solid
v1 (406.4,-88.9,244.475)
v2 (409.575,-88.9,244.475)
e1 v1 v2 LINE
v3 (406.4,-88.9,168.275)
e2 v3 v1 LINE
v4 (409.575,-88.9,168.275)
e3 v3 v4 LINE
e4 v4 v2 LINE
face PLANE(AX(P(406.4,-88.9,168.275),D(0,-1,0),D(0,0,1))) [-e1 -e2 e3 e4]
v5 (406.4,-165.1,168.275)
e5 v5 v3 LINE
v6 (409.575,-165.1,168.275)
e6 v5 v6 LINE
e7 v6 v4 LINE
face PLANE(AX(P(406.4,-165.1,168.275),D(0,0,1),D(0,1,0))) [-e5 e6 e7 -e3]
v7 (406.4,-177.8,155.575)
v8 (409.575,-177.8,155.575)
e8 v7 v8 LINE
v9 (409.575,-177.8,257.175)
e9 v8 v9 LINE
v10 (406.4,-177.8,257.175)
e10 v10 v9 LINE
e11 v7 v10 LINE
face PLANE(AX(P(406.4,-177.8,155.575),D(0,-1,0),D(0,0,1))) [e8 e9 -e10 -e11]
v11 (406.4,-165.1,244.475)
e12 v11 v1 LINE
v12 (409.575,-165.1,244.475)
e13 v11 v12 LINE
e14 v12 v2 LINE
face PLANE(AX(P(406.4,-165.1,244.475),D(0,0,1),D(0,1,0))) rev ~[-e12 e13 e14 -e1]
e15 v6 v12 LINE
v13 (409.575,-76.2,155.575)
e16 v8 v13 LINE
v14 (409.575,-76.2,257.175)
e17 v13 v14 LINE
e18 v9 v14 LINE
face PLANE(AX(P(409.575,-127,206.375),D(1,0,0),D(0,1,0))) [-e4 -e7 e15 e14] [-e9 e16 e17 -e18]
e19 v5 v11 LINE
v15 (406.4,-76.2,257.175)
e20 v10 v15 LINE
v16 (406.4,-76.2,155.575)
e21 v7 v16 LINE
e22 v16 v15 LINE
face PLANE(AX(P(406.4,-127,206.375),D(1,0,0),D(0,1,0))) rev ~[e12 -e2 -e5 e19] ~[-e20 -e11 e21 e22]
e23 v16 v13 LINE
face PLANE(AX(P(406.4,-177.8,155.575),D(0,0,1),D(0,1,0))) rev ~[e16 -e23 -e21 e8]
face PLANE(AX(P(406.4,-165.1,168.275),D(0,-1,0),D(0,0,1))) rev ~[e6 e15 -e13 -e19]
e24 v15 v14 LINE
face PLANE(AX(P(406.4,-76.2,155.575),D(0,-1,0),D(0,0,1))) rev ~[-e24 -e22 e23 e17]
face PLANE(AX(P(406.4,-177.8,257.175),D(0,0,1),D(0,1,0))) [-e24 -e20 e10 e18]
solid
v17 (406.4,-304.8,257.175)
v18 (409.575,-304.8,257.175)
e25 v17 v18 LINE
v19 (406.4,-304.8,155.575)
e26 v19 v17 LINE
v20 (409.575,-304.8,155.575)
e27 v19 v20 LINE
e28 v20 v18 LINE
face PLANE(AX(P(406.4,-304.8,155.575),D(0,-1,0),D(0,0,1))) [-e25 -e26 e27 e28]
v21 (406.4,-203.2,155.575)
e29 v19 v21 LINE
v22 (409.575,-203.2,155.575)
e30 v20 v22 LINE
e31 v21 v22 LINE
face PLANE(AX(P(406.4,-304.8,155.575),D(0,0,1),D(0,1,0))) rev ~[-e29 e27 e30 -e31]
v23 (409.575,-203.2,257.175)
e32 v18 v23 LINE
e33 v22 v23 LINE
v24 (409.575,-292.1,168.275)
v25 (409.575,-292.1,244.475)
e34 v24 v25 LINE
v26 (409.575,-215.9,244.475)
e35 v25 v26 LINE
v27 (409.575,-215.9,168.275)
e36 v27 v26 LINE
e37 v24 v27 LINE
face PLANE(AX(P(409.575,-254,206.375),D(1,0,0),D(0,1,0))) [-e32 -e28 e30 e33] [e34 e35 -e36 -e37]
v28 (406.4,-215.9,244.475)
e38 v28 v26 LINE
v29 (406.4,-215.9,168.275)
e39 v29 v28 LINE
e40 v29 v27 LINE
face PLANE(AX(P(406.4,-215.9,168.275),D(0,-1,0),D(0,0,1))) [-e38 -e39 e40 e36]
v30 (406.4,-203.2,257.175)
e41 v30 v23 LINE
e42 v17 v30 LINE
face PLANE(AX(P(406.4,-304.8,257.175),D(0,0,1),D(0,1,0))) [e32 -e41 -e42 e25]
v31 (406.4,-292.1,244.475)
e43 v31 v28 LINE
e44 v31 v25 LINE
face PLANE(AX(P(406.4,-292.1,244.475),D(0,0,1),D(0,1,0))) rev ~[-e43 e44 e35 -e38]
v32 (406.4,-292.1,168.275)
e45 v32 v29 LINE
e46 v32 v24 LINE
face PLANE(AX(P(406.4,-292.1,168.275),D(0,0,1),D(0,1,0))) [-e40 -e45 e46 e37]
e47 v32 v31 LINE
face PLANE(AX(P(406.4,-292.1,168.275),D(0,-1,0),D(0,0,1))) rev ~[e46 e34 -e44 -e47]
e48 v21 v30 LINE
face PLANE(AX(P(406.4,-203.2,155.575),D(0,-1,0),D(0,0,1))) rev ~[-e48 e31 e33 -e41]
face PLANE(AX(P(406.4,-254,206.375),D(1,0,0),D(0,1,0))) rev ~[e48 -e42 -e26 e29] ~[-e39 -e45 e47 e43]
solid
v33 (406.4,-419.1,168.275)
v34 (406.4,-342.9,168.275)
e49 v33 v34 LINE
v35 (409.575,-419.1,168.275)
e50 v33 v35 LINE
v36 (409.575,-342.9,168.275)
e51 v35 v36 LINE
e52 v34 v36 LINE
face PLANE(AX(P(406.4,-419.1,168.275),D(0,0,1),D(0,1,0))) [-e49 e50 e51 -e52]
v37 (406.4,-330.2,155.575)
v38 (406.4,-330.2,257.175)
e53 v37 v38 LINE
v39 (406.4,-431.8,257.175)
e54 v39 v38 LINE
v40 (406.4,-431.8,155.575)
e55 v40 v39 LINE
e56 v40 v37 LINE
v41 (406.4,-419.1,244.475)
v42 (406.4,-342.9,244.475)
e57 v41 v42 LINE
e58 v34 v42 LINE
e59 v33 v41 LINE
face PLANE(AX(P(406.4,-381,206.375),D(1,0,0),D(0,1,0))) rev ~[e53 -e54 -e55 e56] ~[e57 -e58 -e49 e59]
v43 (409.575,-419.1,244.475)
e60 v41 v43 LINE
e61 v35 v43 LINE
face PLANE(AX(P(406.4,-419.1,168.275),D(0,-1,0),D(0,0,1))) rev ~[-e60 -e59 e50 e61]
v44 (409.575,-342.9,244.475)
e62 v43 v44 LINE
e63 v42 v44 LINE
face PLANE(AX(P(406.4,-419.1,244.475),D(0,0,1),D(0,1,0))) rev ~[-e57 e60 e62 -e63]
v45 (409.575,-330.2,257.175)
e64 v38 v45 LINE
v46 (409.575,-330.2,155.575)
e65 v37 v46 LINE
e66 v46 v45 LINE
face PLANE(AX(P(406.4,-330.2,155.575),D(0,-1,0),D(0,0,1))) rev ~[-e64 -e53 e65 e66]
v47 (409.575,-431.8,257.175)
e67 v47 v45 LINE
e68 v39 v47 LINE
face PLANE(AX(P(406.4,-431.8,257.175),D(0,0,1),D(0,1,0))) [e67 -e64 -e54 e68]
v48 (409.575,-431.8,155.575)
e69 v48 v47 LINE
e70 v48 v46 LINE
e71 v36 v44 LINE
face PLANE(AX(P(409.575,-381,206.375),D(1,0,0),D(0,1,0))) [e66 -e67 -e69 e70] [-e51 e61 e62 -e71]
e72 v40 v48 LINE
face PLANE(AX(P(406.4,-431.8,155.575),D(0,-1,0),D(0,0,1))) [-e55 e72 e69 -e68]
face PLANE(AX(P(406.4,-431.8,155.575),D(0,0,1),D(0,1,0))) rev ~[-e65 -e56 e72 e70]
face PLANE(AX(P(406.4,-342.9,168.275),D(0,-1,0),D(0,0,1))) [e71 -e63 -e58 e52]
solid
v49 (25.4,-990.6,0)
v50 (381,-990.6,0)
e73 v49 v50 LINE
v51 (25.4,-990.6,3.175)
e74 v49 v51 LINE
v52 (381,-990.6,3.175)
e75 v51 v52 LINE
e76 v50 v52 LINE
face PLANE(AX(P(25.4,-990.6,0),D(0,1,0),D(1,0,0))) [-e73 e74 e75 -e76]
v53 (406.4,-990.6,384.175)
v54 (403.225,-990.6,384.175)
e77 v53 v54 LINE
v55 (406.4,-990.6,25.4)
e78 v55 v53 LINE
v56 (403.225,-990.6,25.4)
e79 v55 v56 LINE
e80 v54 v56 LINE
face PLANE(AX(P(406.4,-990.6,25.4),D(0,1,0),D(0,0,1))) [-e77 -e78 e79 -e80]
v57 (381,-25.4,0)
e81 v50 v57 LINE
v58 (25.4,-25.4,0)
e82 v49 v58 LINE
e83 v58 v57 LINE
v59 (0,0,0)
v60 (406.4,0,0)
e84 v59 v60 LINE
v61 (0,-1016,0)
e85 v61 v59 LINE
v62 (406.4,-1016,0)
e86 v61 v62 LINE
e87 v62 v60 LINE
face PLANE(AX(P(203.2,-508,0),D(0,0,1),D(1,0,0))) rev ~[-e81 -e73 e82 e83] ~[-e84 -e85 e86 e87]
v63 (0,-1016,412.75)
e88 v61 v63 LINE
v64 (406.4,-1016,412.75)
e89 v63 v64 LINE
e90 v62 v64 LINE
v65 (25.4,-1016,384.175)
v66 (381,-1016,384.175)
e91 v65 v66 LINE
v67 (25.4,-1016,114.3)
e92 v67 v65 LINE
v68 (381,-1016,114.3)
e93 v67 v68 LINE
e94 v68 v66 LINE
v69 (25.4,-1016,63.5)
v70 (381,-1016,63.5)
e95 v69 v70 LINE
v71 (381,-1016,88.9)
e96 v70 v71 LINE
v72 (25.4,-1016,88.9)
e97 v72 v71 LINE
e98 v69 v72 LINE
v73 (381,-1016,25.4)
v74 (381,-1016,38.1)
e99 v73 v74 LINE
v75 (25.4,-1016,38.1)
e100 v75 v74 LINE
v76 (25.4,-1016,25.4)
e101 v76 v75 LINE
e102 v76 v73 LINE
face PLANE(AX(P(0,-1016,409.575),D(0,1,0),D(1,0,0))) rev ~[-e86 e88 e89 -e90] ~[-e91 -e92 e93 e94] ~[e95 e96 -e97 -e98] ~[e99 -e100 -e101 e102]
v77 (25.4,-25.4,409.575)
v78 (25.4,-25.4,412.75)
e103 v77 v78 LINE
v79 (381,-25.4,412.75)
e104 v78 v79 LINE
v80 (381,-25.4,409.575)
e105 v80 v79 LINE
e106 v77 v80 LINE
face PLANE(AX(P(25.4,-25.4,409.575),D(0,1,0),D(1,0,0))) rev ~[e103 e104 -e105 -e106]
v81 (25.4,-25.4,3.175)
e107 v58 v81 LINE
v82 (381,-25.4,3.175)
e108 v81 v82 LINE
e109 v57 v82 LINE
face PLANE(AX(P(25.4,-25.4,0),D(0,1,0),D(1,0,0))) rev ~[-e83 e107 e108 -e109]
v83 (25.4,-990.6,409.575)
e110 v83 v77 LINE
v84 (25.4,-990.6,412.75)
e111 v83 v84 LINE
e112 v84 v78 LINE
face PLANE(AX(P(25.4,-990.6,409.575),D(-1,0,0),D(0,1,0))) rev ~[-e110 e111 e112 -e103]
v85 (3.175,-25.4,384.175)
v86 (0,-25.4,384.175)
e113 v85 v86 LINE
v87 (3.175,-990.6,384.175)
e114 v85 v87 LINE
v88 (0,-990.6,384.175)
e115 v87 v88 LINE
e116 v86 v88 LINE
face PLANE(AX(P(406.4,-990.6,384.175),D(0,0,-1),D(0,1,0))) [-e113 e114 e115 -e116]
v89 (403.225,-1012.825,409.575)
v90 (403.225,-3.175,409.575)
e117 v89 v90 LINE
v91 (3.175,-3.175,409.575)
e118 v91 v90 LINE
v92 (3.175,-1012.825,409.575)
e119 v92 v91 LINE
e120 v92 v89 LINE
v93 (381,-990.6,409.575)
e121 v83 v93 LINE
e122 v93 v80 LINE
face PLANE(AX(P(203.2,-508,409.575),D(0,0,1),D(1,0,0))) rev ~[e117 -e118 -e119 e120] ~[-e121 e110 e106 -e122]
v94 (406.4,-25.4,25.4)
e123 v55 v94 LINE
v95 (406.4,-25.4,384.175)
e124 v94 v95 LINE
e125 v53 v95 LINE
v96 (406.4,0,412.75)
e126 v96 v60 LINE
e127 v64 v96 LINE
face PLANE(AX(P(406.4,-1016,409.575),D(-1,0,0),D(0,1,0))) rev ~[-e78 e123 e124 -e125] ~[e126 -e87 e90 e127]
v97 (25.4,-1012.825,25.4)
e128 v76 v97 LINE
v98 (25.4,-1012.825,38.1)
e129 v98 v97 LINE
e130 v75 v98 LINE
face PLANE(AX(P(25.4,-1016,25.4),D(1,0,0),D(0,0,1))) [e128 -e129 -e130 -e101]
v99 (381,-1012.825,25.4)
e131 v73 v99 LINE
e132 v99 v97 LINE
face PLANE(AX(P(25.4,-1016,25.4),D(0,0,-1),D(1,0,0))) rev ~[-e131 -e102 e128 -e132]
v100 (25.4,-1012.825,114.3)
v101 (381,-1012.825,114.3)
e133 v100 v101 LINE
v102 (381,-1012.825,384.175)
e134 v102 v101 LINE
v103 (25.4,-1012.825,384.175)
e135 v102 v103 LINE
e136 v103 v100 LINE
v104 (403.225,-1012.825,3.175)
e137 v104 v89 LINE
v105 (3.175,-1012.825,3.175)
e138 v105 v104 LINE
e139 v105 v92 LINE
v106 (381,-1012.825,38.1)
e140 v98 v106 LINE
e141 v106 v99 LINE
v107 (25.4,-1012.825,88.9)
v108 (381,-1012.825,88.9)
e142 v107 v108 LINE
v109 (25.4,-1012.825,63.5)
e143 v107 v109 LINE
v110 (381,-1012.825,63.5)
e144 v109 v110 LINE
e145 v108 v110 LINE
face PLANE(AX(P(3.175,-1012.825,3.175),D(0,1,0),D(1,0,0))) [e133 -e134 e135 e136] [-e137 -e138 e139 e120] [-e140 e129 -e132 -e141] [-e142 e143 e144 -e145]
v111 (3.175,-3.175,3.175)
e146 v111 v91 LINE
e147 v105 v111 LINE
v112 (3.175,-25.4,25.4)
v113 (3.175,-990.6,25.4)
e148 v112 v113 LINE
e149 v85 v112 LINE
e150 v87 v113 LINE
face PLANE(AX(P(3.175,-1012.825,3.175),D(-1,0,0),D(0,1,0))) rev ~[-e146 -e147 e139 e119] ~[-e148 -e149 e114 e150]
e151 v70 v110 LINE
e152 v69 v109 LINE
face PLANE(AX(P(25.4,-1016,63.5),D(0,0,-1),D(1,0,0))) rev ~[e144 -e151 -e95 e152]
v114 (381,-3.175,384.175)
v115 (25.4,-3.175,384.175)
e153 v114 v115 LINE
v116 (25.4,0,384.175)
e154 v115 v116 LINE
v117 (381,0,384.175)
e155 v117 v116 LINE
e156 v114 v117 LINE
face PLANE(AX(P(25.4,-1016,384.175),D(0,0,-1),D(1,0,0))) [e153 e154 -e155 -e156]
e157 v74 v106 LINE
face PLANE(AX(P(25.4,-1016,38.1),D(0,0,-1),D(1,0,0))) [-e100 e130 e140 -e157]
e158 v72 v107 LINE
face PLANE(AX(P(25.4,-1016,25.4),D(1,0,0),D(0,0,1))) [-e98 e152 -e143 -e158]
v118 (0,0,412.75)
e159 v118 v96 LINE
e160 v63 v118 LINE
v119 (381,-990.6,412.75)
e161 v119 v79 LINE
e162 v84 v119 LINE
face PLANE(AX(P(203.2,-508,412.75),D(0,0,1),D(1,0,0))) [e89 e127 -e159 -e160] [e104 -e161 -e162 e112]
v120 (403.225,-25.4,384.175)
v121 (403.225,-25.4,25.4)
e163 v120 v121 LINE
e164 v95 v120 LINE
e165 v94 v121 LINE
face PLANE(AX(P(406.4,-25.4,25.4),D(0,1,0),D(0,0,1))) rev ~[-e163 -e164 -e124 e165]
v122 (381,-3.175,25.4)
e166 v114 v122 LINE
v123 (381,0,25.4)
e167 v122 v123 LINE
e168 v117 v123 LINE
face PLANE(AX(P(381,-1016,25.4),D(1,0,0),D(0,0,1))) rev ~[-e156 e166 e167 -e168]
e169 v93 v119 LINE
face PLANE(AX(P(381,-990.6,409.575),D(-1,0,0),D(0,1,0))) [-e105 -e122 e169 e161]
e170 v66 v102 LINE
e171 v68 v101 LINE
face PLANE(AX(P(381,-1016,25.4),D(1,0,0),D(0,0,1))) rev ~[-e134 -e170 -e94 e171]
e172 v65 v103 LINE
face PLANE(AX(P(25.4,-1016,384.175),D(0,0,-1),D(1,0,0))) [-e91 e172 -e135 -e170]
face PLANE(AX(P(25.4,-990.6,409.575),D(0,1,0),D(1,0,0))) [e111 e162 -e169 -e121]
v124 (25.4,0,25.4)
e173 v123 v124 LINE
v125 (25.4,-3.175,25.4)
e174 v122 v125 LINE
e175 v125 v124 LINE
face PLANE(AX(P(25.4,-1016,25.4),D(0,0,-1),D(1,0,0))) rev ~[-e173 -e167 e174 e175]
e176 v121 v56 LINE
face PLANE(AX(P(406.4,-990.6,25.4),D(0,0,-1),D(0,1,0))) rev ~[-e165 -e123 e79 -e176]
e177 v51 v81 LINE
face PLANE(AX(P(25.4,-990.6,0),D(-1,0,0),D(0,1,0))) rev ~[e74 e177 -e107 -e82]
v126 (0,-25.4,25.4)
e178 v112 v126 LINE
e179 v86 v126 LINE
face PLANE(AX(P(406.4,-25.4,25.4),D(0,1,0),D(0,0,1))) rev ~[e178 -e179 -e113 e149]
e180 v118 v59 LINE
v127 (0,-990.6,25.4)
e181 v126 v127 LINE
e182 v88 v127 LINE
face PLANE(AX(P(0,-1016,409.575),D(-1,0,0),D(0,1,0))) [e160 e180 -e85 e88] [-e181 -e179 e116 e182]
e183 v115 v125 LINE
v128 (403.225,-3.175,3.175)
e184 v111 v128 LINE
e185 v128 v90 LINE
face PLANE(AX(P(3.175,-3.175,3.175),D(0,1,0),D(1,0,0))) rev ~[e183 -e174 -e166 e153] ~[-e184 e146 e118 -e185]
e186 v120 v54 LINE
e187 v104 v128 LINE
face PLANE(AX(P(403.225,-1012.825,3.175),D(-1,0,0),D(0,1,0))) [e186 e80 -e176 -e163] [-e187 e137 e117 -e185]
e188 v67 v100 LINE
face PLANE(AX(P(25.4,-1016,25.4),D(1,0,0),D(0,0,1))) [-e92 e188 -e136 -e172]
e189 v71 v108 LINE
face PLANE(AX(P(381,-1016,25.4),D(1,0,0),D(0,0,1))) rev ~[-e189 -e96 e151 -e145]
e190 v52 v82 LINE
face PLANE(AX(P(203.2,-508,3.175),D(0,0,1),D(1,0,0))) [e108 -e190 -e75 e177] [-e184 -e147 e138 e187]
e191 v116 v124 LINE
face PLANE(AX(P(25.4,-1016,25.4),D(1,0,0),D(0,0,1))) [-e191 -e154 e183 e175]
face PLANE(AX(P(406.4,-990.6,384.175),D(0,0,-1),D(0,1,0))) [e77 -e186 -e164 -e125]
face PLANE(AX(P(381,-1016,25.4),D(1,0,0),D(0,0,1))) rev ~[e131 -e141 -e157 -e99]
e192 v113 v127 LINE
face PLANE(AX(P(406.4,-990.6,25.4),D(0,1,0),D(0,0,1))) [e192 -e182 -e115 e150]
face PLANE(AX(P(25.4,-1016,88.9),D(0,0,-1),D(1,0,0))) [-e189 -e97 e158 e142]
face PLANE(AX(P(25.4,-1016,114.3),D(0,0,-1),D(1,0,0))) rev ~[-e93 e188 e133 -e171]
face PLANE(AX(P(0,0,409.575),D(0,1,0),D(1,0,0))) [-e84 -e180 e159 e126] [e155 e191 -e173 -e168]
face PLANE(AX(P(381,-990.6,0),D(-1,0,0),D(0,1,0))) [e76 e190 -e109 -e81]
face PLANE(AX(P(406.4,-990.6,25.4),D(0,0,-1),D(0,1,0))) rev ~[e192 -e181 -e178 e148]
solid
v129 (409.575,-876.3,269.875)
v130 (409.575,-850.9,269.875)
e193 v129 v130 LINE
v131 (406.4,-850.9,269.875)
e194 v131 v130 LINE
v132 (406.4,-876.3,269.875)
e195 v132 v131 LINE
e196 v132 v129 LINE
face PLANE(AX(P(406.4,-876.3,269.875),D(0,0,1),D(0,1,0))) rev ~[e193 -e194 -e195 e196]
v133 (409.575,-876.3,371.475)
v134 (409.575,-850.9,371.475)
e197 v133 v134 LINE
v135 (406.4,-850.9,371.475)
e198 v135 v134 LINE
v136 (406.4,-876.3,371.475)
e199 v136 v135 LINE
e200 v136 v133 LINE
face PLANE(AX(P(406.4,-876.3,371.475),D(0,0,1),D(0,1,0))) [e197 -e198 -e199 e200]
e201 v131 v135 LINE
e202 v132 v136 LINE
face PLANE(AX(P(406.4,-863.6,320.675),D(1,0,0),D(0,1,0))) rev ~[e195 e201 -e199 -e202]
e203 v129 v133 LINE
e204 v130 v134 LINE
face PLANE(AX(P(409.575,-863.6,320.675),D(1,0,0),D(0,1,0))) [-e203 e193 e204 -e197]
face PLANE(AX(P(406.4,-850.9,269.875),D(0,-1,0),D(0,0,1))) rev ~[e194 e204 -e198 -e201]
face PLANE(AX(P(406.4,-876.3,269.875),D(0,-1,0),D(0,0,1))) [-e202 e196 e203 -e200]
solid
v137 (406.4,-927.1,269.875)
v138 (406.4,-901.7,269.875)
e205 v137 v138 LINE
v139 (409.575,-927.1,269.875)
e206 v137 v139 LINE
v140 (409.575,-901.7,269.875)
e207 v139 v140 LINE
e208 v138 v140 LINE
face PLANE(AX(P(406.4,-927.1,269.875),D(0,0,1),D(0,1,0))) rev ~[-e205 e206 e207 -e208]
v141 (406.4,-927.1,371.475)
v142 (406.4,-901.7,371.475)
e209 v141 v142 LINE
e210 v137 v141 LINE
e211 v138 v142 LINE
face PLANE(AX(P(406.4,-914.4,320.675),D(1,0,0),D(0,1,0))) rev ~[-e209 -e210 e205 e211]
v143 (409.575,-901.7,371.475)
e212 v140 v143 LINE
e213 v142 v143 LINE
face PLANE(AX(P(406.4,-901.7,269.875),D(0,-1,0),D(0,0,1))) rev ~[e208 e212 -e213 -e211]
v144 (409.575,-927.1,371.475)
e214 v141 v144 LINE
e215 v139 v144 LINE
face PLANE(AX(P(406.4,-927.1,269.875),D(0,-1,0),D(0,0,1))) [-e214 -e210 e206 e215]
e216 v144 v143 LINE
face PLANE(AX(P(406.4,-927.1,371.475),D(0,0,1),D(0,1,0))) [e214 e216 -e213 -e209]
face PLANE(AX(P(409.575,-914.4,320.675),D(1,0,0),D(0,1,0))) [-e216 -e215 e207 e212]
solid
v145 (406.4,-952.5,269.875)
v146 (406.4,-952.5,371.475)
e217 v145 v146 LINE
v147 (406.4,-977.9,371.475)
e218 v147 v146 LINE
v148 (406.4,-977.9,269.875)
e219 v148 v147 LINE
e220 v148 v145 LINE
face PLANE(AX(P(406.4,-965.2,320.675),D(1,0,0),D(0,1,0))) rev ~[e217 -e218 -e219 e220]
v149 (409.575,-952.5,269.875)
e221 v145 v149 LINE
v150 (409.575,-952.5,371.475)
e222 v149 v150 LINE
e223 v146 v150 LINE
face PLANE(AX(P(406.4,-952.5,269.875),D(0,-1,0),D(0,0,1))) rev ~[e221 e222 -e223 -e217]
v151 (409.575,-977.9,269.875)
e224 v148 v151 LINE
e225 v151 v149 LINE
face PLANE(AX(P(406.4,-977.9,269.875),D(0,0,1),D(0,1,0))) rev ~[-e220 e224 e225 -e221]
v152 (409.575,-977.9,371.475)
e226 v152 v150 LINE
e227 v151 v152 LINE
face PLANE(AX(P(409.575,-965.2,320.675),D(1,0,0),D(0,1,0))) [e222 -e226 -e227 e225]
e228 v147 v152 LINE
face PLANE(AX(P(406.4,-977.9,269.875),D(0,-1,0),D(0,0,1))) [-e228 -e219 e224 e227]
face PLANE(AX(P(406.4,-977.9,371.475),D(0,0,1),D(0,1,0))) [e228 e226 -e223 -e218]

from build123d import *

# Parameters (mm, degrees)
F0_W      = 406.4
F0_H      = 1016
F0_W_2    = 355.6
F0_H_2    = 965.2
F1_DEPTH  = 3.175
F2_W      = 406.4
F2_H      = 1016
F2_W_2    = 400.05
F2_H_2    = 1009.65
F3_DEPTH  = 406.4
F4_W      = 965.2
F4_H      = 358.775
F5_DEPTH  = 406.401
F6_W      = 355.6
F6_H      = 358.775
F7_DEPTH  = 1016.001
F8_W      = 406.4
F8_H      = 1016
F8_W_2    = 400.05
F8_H_2    = 1009.65
F8_W_3    = 355.6
F8_H_3    = 965.2
F9_DEPTH  = 3.175
F10_W     = 101.6
F10_H     = 101.6
F10_W_2   = 76.2
F10_H_2   = 76.2
F11_DEPTH = 3.175
F10_W_3   = 25.4
F12_W     = 355.6
F12_H     = 25.4
F13_DEPTH = 3.175


with BuildPart() as f1:
    # F0 (on Top) → F1 (new body)
    with BuildSketch(Plane.XY):
        with Locations((203.2, -508)):
            Rectangle(F0_W, F0_H)
        with Locations((203.2, -508)):
            Rectangle(F0_W_2, F0_H_2, mode=Mode.SUBTRACT)
    extrude(amount=F1_DEPTH)

    # F2 (on face) → F3 (join)
    with BuildSketch(Plane.XY.offset(3.175)):
        with Locations((203.2, -508)):
            Rectangle(F2_W, F2_H)
        with Locations((203.2, -508)):
            Rectangle(F2_W_2, F2_H_2, mode=Mode.SUBTRACT)
    extrude(amount=F3_DEPTH)

    # F4 (on face) → F5 (cut, through all)
    with BuildSketch(Plane.YZ.offset(406.4)):
        with Locations((-508, 204.7875)):
            Rectangle(F4_W, F4_H)
    extrude(amount=-F5_DEPTH, mode=Mode.SUBTRACT)

    # F6 (on face) → F7 (cut, through all)
    with BuildSketch(Plane.XZ.offset(1016)):
        with Locations((203.2, 204.7875)):
            Rectangle(F6_W, F6_H)
    extrude(amount=-F7_DEPTH, mode=Mode.SUBTRACT)

    # F8 (on face) → F9 (join)
    with BuildSketch(Plane.XY.offset(409.575)):
        with Locations((203.2, -508)):
            Rectangle(F8_W, F8_H)
        with Locations((203.2, -508)):
            Rectangle(F8_W_2, F8_H_2, mode=Mode.SUBTRACT)
        with Locations((203.2, -508)):
            Rectangle(F8_W_2, F8_H_2)
        with Locations((203.2, -508)):
            Rectangle(F8_W_3, F8_H_3, mode=Mode.SUBTRACT)
    extrude(amount=F9_DEPTH)

    # F12 (on face) → F13 (join)
    with BuildSketch(Plane.XZ.offset(1016)):
        with Locations((203.2, 101.6)):
            Rectangle(F12_W, F12_H)
        with Locations((203.2, 50.8)):
            Rectangle(F12_W, F12_H)
    extrude(amount=-F13_DEPTH)


with BuildPart() as f11:
    # F10 (on face) → F11 (new body)
    with BuildSketch(Plane.YZ.offset(406.4)):
        with Locations((-254, 206.375)):
            Rectangle(F10_W, F10_H)
        with Locations((-254, 206.375)):
            Rectangle(F10_W_2, F10_H_2, mode=Mode.SUBTRACT)
    extrude(amount=F11_DEPTH)


with BuildPart() as f11b:
    # F10 (on face) → F11, piece 2 (new body)
    with BuildSketch(Plane.YZ.offset(406.4)):
        with Locations((-127, 206.375)):
            Rectangle(F10_W, F10_H)
        with Locations((-127, 206.375)):
            Rectangle(F10_W_2, F10_H_2, mode=Mode.SUBTRACT)
    extrude(amount=F11_DEPTH)


with BuildPart() as f11c:
    # F10 (on face) → F11, piece 3 (new body)
    with BuildSketch(Plane.YZ.offset(406.4)):
        with Locations((-381, 206.375)):
            Rectangle(F10_W, F10_H)
        with Locations((-381, 206.375)):
            Rectangle(F10_W_2, F10_H_2, mode=Mode.SUBTRACT)
    extrude(amount=F11_DEPTH)


with BuildPart() as f11d:
    # F10 (on face) → F11, piece 4 (new body)
    with BuildSketch(Plane.YZ.offset(406.4)):
        with Locations((-914.4, 320.675)):
            Rectangle(F10_W_3, F10_H)
    extrude(amount=F11_DEPTH)


with BuildPart() as f11e:
    # F10 (on face) → F11, piece 5 (new body)
    with BuildSketch(Plane.YZ.offset(406.4)):
        with Locations((-965.2, 320.675)):
            Rectangle(F10_W_3, F10_H)
    extrude(amount=F11_DEPTH)


with BuildPart() as f11f:
    # F10 (on face) → F11, piece 6 (new body)
    with BuildSketch(Plane.YZ.offset(406.4)):
        with Locations((-863.6, 320.675)):
            Rectangle(F10_W_3, F10_H)
    extrude(amount=F11_DEPTH)


solid = Compound([f1.part, f11.part, f11b.part, f11c.part, f11d.part, f11e.part, f11f.part])
